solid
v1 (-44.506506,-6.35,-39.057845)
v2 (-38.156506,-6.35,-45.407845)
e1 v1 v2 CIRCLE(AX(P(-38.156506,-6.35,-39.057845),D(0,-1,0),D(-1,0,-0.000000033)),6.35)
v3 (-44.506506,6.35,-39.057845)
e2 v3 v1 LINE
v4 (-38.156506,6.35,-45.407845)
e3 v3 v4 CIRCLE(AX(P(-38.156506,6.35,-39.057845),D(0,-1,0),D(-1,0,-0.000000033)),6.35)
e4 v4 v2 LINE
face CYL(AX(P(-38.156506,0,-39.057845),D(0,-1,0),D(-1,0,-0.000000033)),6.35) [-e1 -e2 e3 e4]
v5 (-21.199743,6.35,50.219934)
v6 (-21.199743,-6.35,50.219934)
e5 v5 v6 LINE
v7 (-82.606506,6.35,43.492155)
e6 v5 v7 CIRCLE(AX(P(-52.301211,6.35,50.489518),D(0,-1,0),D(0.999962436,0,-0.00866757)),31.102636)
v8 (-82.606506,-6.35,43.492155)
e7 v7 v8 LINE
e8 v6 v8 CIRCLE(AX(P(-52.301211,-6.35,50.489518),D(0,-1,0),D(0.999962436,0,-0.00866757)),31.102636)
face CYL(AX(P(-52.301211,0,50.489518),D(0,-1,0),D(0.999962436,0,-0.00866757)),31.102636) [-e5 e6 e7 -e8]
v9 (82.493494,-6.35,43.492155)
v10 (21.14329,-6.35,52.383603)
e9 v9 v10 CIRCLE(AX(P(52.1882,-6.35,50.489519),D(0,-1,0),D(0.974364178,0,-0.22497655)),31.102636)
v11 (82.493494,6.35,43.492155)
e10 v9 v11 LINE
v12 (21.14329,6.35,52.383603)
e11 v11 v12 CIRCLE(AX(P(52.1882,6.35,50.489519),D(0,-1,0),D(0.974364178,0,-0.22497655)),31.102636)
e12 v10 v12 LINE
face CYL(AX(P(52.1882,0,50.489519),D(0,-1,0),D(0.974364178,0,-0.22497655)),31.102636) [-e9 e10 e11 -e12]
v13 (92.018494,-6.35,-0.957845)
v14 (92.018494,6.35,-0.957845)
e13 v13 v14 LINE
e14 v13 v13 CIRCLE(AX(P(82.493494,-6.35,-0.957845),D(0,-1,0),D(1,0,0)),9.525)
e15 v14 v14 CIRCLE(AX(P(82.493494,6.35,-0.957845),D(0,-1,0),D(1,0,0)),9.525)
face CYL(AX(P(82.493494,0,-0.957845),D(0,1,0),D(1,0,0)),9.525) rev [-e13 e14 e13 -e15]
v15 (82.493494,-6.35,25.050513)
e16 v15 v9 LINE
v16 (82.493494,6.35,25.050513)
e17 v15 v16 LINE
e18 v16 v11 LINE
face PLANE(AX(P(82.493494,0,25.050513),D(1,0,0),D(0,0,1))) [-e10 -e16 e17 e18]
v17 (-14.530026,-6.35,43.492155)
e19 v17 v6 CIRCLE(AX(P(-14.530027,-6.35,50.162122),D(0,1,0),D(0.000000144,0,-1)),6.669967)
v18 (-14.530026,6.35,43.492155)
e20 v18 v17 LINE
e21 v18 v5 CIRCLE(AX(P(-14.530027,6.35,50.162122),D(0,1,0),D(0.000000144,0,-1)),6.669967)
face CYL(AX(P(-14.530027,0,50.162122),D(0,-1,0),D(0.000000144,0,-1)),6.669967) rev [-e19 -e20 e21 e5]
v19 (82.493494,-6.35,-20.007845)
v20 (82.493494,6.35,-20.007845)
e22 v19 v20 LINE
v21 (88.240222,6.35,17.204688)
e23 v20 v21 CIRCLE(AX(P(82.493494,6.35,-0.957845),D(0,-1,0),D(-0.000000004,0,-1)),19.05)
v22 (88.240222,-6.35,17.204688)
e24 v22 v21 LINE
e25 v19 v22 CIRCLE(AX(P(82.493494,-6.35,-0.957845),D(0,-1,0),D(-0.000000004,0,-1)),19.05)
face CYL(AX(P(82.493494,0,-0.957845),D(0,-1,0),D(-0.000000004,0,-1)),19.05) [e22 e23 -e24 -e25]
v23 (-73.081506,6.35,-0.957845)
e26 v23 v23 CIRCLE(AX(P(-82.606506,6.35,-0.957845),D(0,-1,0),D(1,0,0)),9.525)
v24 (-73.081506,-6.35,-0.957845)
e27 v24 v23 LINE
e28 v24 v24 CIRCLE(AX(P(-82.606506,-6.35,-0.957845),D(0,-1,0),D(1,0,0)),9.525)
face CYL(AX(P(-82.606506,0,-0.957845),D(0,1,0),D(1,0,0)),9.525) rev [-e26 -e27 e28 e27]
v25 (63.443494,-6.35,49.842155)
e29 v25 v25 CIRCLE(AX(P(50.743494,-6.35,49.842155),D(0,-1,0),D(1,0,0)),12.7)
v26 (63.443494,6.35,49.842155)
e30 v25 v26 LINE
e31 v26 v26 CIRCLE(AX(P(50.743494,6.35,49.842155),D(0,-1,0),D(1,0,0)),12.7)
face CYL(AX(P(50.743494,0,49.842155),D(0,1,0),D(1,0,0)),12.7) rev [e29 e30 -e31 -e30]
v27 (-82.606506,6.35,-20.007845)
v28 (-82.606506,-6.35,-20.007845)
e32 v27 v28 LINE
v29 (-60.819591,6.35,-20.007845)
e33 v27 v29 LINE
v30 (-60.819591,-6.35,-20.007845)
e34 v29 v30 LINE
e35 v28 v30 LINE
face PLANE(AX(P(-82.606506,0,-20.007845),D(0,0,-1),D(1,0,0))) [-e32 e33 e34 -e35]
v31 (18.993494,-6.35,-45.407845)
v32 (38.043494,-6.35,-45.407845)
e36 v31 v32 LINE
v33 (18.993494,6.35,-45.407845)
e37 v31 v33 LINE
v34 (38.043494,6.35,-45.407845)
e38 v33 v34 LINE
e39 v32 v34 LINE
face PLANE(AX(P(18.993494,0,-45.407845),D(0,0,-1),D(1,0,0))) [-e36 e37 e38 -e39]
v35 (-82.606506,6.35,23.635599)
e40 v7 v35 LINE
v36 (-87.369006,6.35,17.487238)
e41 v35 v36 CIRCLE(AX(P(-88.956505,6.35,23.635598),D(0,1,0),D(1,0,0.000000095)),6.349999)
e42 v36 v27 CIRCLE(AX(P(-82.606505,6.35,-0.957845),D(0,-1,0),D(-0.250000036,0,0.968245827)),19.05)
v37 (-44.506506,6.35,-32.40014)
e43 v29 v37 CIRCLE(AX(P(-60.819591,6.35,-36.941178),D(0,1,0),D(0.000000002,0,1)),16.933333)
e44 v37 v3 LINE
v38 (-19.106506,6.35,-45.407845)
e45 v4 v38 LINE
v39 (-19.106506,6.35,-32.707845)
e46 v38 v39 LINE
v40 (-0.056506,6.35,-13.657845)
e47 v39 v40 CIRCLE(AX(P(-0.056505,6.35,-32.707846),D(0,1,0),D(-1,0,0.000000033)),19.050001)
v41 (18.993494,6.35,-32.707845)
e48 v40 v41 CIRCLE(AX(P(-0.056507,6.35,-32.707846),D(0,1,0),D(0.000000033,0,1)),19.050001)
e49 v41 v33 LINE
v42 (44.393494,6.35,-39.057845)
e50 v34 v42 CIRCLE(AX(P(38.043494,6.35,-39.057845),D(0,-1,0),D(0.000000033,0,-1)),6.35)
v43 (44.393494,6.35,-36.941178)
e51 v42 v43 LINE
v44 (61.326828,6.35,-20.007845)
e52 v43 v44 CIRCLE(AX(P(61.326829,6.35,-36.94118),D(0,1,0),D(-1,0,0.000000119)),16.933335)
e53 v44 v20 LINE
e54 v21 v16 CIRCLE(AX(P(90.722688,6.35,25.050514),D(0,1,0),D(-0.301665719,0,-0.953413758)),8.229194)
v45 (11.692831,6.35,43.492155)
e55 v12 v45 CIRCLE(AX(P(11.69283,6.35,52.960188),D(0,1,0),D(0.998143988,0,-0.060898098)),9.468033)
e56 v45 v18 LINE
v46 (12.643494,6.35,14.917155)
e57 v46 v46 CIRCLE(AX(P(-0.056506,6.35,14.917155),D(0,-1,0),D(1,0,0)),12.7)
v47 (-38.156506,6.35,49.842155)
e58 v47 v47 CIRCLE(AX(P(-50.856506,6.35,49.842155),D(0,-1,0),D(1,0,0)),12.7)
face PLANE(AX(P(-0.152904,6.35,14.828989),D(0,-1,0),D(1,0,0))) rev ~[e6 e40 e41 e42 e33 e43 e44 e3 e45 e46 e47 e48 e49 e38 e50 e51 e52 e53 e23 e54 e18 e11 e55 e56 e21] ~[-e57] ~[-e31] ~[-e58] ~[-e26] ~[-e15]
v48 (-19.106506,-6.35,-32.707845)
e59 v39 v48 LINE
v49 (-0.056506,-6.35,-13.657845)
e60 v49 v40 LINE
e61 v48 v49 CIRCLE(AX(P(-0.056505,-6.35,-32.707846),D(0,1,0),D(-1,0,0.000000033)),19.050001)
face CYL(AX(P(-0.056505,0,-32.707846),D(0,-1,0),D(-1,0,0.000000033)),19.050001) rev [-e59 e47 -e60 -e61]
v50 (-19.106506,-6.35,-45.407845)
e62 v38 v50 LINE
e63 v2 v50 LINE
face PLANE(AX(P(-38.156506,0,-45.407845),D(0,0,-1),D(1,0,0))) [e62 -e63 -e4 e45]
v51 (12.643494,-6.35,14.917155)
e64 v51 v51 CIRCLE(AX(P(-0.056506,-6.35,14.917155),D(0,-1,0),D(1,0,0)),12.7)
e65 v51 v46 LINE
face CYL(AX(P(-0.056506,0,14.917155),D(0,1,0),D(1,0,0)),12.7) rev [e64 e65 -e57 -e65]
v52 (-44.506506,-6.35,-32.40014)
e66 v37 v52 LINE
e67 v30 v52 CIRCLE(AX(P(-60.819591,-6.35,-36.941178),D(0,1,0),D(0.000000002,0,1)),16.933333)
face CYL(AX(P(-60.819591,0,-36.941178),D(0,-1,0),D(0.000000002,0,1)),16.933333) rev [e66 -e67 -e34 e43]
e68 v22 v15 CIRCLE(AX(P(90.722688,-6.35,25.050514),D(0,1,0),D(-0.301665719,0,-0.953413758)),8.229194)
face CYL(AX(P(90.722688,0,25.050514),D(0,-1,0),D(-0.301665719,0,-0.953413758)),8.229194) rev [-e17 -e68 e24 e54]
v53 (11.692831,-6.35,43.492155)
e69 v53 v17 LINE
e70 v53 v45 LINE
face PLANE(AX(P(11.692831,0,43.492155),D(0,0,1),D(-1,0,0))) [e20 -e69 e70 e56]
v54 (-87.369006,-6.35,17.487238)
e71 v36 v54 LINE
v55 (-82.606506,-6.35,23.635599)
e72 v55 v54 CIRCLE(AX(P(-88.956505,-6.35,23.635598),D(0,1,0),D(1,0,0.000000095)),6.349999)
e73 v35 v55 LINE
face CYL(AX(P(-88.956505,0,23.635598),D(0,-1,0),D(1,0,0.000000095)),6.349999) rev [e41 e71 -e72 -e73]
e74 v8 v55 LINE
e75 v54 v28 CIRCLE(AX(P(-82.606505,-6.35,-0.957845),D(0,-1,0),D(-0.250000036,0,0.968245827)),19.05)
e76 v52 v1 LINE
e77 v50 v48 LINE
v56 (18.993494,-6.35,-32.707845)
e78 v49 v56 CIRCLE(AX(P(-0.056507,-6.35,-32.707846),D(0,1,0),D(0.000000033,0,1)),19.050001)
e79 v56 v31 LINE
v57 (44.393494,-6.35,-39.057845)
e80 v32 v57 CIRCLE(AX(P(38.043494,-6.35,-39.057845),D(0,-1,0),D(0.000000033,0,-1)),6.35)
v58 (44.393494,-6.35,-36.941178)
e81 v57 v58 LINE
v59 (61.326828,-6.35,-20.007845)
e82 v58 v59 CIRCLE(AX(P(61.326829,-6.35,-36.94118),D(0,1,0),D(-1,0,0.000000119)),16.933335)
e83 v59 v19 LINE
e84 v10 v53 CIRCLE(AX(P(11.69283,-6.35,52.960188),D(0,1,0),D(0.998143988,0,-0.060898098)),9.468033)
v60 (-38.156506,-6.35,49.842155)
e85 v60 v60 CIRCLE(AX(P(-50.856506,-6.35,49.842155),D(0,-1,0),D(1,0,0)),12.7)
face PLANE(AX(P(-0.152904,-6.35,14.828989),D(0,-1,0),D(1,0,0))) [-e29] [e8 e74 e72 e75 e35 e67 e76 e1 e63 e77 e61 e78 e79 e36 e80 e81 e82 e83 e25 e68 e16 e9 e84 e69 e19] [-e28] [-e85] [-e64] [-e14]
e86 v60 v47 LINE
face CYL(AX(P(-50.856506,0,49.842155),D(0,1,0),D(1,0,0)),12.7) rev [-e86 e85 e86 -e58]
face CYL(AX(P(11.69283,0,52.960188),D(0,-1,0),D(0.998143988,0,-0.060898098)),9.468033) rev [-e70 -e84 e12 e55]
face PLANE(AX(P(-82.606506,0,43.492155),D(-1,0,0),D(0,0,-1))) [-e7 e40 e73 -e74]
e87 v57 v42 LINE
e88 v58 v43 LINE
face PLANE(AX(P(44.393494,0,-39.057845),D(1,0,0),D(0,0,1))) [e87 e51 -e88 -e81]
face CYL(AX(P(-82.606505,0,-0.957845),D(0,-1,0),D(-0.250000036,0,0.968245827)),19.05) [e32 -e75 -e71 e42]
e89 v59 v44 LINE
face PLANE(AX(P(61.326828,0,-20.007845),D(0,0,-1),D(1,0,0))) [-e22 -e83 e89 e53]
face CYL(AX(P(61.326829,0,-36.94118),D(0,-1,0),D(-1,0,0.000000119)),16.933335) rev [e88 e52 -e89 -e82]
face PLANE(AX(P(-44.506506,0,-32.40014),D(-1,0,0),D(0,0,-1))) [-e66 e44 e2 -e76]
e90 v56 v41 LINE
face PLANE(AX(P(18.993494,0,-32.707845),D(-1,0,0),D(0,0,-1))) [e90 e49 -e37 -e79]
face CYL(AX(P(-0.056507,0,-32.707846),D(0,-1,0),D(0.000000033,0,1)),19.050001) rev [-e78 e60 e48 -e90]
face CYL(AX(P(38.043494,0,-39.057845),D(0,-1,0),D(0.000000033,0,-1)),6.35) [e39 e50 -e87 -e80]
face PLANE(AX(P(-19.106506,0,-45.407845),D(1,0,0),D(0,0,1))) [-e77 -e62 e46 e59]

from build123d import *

# Parameters (mm, degrees)
F0_R     = 9.525
F0_R_2   = 12.7
F1_DEPTH = 6.35


with BuildPart() as f1:
    # F0 (on Front) → F1 (new body, symmetric)
    with BuildSketch(Plane.XZ):
        with BuildLine():
            Line((11.692831, 43.492155), (-0.056506, 43.492155))
            Line((-0.056506, 43.492155), (-14.530026, 43.492155))
            ThreePointArc((-14.530026, 43.492155), (-19.266801, 45.466227), (-21.199743, 50.219934))
            ThreePointArc((-21.199743, 50.219934), (-55.688574, 81.407147), (-82.606506, 43.492155))
            Line((-82.606506, 43.492155), (-82.606506, 23.635599))
            ThreePointArc((-82.606506, 23.635599), (-83.93639, 19.747034), (-87.369006, 17.487238))
            ThreePointArc((-87.369006, 17.487238), (-101.504671, -3.358227), (-82.606506, -20.007845))
            Line((-82.606506, -20.007845), (-60.819591, -20.007845))
            ThreePointArc((-60.819591, -20.007845), (-50.576475, -23.457249), (-44.506506, -32.40014))
            Line((-44.506506, -32.40014), (-44.506506, -39.057845))
            ThreePointArc((-44.506506, -39.057845), (-42.646634, -43.547973), (-38.156506, -45.407845))
            Line((-38.156506, -45.407845), (-19.106506, -45.407845))
            Line((-19.106506, -45.407845), (-19.106506, -32.707845))
            ThreePointArc((-19.106506, -32.707845), (-13.52689, -19.237461), (-0.056506, -13.657845))
            ThreePointArc((-0.056506, -13.657845), (13.413878, -19.237461), (18.993494, -32.707845))
            Line((18.993494, -32.707845), (18.993494, -45.407845))
            Line((18.993494, -45.407845), (38.043494, -45.407845))
            ThreePointArc((38.043494, -45.407845), (42.533622, -43.547973), (44.393494, -39.057845))
            Line((44.393494, -39.057845), (44.393494, -36.941178))
            ThreePointArc((44.393494, -36.941178), (49.353153, -24.967504), (61.326828, -20.007845))
            Line((61.326828, -20.007845), (82.493494, -20.007845))
            ThreePointArc((82.493494, -20.007845), (101.32032, -3.86527), (88.240222, 17.204688))
            ThreePointArc((88.240222, 17.204688), (84.083851, 20.187853), (82.493494, 25.050513))
            Line((82.493494, 25.050513), (82.493494, 43.492155))
            ThreePointArc((82.493494, 43.492155), (56.649278, 81.270564), (21.14329, 52.383603))
            ThreePointArc((21.14329, 52.383603), (18.180685, 46.064437), (11.692831, 43.492155))
        make_face()
        with Locations((-82.606506, -0.957845)):
            Circle(F0_R, mode=Mode.SUBTRACT)
        with Locations((-0.056506, 14.917155)):
            Circle(F0_R_2, mode=Mode.SUBTRACT)
        with Locations((82.493494, -0.957845)):
            Circle(F0_R, mode=Mode.SUBTRACT)
        with Locations((-50.856506, 49.842155)):
            Circle(F0_R_2, mode=Mode.SUBTRACT)
        with Locations((50.743494, 49.842155)):
            Circle(F0_R_2, mode=Mode.SUBTRACT)
    extrude(amount=F1_DEPTH, both=True)


solid = f1.part
